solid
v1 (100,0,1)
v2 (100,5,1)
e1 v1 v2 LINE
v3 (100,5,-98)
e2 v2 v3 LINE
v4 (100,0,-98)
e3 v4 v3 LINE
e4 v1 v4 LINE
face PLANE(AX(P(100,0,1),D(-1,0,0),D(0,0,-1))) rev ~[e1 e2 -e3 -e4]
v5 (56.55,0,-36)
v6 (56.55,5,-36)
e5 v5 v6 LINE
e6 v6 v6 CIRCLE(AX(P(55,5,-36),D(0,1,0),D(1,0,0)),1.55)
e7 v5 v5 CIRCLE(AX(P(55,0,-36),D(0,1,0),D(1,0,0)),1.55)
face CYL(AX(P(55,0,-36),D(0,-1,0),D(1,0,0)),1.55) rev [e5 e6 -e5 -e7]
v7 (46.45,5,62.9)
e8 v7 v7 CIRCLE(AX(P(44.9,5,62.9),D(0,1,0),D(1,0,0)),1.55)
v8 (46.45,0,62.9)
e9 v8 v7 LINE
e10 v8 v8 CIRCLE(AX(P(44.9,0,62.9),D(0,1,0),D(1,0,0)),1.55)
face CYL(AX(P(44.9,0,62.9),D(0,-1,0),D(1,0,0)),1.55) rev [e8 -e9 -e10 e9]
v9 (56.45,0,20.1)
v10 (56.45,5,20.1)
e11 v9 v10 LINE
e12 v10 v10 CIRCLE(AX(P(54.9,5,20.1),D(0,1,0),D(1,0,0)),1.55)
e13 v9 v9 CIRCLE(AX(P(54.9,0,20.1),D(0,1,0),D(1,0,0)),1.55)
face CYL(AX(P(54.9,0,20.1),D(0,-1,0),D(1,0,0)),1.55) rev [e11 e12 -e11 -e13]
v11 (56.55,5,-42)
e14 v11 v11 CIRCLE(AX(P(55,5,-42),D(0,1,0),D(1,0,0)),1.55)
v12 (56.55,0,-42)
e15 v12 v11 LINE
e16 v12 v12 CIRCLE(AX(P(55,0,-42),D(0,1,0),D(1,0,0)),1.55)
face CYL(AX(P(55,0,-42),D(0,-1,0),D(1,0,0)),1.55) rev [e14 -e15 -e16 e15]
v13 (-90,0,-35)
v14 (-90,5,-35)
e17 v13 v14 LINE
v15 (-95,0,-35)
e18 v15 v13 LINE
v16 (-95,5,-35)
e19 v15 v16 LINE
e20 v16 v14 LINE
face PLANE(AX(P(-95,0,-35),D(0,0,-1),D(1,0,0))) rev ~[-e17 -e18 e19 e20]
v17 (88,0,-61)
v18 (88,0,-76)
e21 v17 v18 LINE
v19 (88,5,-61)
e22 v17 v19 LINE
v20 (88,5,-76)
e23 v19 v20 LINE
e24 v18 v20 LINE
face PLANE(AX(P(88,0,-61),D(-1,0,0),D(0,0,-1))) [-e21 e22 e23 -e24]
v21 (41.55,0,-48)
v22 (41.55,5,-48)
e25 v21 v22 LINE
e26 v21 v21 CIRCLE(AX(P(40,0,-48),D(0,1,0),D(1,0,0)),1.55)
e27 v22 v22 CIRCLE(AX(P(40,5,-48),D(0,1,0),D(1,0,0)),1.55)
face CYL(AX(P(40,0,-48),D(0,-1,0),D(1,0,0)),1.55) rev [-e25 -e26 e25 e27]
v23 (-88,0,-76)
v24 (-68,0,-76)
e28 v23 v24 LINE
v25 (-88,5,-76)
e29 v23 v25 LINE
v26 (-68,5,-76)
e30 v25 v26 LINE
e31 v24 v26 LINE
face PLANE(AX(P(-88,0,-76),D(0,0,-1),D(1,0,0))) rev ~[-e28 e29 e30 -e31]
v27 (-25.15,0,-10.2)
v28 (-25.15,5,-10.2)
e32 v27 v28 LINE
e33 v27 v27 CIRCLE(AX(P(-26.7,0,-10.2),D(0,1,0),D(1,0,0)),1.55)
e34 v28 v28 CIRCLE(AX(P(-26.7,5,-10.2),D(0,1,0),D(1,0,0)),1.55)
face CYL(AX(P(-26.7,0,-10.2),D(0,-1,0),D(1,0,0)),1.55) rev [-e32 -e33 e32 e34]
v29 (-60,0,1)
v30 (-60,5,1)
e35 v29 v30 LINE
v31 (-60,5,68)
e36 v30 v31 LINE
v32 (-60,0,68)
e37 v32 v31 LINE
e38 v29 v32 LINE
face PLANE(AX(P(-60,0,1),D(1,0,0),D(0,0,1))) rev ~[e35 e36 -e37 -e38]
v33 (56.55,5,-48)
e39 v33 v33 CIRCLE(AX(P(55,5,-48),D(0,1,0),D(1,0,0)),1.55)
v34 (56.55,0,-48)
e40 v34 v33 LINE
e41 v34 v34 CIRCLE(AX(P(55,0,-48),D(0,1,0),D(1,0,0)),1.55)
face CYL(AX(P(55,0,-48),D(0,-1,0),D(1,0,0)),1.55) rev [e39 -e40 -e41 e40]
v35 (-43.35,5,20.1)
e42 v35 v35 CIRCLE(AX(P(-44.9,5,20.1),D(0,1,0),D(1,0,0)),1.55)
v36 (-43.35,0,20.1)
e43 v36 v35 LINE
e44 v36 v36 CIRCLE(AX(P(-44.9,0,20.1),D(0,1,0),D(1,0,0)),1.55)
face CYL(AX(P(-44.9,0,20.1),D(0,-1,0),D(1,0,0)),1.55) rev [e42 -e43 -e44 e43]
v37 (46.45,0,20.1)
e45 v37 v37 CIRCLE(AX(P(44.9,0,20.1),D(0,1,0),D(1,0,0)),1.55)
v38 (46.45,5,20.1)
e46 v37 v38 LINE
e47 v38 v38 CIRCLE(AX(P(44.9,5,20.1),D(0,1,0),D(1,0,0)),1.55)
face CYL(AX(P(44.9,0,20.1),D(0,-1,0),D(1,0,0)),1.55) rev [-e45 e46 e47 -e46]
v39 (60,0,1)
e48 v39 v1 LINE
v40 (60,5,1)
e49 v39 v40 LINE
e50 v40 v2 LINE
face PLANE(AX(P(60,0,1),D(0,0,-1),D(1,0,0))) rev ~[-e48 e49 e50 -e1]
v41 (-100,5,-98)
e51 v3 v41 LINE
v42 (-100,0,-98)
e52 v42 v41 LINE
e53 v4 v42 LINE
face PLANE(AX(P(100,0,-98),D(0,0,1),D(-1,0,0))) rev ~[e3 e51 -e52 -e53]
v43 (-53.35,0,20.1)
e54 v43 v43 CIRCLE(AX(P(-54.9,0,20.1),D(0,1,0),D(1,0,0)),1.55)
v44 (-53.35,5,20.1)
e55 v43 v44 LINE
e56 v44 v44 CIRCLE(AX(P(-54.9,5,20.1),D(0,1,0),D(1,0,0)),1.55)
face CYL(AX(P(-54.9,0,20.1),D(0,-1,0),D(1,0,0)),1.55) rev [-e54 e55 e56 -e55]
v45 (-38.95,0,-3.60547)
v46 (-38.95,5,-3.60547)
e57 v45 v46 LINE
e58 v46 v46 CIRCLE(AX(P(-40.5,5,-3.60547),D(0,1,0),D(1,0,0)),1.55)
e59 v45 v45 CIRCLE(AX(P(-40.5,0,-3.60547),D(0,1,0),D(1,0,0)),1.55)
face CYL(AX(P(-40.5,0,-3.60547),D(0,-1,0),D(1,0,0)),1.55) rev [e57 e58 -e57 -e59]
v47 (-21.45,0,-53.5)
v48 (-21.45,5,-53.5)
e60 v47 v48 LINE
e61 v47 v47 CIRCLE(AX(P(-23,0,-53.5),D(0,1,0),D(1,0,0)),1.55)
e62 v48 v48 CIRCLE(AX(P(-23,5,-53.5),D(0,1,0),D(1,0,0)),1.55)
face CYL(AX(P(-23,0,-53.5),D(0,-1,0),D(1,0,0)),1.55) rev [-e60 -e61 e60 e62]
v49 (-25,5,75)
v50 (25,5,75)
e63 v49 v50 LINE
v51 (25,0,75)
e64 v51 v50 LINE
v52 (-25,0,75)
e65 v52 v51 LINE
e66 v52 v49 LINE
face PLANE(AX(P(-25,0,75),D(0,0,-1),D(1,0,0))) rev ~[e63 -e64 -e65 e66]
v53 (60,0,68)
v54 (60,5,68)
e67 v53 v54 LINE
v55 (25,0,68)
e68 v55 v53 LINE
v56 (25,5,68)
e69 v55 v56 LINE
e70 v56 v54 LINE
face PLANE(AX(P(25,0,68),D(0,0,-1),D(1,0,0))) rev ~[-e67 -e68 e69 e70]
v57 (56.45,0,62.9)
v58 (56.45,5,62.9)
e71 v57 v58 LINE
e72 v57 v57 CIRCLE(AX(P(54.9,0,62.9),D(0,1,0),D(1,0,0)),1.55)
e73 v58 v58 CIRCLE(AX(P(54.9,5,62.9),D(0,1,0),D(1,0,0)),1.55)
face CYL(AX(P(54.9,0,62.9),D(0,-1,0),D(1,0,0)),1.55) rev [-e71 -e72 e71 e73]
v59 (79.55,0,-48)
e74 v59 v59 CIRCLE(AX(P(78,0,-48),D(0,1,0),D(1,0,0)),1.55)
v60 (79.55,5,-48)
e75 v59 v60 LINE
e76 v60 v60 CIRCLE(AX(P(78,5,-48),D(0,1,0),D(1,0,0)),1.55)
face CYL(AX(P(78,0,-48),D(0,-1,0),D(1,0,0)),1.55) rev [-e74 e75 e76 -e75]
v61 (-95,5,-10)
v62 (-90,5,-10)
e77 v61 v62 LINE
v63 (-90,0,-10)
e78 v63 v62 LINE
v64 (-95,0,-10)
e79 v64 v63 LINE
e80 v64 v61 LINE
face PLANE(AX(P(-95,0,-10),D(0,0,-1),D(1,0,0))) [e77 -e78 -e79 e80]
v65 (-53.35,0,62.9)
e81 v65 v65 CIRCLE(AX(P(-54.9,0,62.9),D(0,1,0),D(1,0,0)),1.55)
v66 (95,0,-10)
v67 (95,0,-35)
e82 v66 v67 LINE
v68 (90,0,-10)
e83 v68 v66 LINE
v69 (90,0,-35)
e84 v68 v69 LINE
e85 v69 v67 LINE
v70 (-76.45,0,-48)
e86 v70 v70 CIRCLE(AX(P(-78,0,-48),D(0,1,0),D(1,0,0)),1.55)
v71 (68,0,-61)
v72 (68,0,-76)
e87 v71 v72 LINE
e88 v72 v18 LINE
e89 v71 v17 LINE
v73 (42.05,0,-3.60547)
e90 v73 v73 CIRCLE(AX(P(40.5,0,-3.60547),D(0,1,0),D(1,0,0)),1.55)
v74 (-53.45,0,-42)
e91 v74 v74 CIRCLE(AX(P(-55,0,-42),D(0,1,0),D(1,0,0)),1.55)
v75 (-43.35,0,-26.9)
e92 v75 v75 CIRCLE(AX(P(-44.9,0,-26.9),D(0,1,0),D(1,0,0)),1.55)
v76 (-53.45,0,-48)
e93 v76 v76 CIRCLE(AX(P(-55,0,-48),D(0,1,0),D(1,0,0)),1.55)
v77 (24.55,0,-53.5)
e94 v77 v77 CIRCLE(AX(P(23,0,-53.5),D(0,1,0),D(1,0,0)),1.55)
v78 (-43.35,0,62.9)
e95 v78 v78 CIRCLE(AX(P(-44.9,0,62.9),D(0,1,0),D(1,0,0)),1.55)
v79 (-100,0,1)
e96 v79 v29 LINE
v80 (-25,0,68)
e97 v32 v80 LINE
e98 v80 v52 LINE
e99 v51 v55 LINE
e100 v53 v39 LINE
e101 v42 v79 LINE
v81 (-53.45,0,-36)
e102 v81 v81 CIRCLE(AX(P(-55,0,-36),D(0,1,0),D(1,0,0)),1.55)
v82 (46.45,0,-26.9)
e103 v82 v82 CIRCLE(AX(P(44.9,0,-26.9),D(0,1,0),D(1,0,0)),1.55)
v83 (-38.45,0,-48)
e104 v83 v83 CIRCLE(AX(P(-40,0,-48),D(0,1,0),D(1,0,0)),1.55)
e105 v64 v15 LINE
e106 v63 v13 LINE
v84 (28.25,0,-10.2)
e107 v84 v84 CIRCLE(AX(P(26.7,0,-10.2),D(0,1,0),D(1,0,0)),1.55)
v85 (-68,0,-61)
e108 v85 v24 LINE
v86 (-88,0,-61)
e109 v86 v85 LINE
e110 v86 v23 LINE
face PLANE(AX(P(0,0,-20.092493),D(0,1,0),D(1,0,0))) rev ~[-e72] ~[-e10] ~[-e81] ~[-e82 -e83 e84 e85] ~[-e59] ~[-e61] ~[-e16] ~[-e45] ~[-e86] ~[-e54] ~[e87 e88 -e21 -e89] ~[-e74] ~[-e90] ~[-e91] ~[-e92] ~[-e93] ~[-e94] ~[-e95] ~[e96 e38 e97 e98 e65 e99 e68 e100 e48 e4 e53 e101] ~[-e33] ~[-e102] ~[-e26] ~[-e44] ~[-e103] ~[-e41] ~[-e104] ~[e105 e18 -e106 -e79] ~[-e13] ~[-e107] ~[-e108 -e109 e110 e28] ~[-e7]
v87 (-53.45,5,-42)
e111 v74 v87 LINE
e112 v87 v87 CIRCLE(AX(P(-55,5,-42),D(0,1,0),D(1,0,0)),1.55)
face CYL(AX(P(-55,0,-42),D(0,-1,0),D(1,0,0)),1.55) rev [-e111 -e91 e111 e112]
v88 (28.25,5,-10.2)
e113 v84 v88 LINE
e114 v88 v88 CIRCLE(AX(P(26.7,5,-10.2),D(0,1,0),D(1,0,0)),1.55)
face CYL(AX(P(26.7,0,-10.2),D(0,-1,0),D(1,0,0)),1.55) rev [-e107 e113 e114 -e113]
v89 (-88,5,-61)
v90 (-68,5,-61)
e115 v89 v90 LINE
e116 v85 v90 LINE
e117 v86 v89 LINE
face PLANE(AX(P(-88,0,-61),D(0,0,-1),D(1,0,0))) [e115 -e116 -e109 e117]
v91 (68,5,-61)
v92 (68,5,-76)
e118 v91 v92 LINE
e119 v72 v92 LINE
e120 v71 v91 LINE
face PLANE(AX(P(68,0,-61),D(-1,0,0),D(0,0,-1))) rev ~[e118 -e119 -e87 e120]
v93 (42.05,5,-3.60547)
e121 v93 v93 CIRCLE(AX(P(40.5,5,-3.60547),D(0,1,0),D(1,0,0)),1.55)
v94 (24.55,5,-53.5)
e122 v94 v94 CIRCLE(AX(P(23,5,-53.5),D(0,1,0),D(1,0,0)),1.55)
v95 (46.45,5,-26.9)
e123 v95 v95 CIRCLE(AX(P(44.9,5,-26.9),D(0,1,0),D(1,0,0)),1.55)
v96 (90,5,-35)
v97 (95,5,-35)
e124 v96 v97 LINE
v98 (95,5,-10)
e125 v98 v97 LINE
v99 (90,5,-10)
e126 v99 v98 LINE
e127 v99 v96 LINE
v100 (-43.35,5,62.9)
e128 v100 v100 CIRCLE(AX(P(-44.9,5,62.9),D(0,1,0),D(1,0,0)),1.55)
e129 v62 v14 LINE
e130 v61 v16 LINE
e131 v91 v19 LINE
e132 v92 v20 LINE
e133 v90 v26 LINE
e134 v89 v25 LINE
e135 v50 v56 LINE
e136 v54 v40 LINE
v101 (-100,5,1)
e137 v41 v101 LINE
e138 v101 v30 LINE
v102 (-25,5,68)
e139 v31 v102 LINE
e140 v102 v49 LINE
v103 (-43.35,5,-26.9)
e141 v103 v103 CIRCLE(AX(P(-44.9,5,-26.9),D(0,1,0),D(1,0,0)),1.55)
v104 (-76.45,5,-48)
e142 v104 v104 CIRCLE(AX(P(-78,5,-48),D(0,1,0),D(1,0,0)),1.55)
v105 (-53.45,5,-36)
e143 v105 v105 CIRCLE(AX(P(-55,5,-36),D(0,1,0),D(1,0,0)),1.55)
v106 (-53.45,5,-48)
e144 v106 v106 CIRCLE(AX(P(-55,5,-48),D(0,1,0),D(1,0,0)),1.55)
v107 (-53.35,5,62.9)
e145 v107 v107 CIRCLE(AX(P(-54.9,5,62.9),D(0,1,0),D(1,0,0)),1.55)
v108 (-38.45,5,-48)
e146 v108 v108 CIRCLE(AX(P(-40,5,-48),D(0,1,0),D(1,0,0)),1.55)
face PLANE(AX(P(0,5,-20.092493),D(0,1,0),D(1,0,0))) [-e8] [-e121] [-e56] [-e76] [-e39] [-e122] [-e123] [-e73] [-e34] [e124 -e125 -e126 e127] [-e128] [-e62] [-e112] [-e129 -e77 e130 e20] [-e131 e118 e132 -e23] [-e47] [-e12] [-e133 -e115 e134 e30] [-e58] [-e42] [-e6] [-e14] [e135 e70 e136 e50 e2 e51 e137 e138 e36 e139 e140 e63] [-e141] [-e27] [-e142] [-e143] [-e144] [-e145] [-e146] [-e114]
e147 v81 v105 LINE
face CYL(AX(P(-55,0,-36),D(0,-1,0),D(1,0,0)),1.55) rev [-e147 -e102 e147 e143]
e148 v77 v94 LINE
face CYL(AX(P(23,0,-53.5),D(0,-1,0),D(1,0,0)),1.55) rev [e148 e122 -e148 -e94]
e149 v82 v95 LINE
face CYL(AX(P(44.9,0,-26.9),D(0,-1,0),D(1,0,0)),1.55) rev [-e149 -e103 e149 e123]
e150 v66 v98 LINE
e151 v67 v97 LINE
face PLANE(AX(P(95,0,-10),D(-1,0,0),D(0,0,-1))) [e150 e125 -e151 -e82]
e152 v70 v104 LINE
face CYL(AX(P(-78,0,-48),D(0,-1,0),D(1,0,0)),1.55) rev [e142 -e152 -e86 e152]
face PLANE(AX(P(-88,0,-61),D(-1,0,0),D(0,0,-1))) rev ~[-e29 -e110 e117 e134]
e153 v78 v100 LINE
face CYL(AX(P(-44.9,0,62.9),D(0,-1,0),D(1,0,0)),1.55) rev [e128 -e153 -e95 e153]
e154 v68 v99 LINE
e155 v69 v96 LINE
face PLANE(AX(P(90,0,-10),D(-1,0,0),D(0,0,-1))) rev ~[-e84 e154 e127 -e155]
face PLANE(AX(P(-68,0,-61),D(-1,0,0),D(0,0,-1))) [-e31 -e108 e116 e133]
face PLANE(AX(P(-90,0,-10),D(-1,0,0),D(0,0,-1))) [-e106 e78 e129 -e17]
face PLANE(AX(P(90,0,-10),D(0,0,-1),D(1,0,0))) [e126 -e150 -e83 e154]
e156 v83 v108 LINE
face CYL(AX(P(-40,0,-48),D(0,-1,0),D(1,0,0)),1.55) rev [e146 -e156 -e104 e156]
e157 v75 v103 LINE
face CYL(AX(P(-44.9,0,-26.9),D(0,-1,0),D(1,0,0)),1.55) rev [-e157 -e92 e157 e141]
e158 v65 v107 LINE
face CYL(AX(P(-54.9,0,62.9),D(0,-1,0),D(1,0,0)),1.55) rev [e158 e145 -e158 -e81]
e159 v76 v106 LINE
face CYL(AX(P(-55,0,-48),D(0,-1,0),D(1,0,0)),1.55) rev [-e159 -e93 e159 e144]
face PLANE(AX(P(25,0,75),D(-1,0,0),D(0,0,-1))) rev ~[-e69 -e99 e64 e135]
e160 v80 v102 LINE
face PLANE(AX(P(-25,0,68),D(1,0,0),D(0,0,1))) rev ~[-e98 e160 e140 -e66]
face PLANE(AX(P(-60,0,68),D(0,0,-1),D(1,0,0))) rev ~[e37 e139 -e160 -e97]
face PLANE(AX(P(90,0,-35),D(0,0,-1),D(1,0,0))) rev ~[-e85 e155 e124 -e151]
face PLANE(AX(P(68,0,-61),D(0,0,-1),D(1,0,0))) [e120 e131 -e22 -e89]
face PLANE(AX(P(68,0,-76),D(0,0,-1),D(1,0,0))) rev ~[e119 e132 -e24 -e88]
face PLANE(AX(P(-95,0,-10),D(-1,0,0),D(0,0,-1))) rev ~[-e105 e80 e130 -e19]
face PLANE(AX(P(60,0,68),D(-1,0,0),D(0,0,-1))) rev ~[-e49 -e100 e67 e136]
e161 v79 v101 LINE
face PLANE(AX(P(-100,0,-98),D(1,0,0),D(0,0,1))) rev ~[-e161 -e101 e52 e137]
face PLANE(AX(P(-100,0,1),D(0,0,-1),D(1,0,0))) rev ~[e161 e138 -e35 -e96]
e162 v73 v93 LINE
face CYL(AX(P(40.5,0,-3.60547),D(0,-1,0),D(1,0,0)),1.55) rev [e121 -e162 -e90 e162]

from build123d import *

# Parameters (mm, degrees)
SKETCH1_R           = 1.55
SKETCH1_W           = 20
SKETCH1_H           = 15
SKETCH1_W_2         = 5
SKETCH1_H_2         = 25
BOSS_EXTRUDE2_DEPTH = 5


with BuildPart() as part:
    # Sketch1 → Boss-Extrude2 (new body)
    with BuildSketch(Plane(origin=(0, 0, 0), x_dir=(1, 0, 0), z_dir=(0, 1, 0))):
        Polygon((-25, -75), (25, -75), (25, -68), (60, -68), (60, -1), (100, -1), (100, 0), (100, 98), (-100, 98), (-100, 0), (-100, -1), (-60, -1), (-60, -68), (-25, -68), align=None)
        with Locations((-78, 48)):
            Circle(SKETCH1_R, mode=Mode.SUBTRACT)
        with Locations((78, 48)):
            Circle(SKETCH1_R, mode=Mode.SUBTRACT)
        with Locations((-40, 48)):
            Circle(SKETCH1_R, mode=Mode.SUBTRACT)
        with Locations((40, 48)):
            Circle(SKETCH1_R, mode=Mode.SUBTRACT)
        with Locations((-44.9, 26.9)):
            Circle(SKETCH1_R, mode=Mode.SUBTRACT)
        with Locations((44.9, 26.9)):
            Circle(SKETCH1_R, mode=Mode.SUBTRACT)
        with Locations((-44.9, -62.9)):
            Circle(SKETCH1_R, mode=Mode.SUBTRACT)
        with Locations((-44.9, -20.1)):
            Circle(SKETCH1_R, mode=Mode.SUBTRACT)
        with Locations((-54.9, -62.9)):
            Circle(SKETCH1_R, mode=Mode.SUBTRACT)
        with Locations((-54.9, -20.1)):
            Circle(SKETCH1_R, mode=Mode.SUBTRACT)
        with Locations((44.9, -62.9)):
            Circle(SKETCH1_R, mode=Mode.SUBTRACT)
        with Locations((54.9, -62.9)):
            Circle(SKETCH1_R, mode=Mode.SUBTRACT)
        with Locations((44.9, -20.1)):
            Circle(SKETCH1_R, mode=Mode.SUBTRACT)
        with Locations((54.9, -20.1)):
            Circle(SKETCH1_R, mode=Mode.SUBTRACT)
        with Locations((-55, 48)):
            Circle(SKETCH1_R, mode=Mode.SUBTRACT)
        with Locations((55, 48)):
            Circle(SKETCH1_R, mode=Mode.SUBTRACT)
        with Locations((-26.7, 10.2)):
            Circle(SKETCH1_R, mode=Mode.SUBTRACT)
        with Locations((26.7, 10.2)):
            Circle(SKETCH1_R, mode=Mode.SUBTRACT)
        with Locations((-40.5, 3.605469995)):
            Circle(SKETCH1_R, mode=Mode.SUBTRACT)
        with Locations((40.5, 3.605469995)):
            Circle(SKETCH1_R, mode=Mode.SUBTRACT)
        with Locations((-23, 53.5)):
            Circle(SKETCH1_R, mode=Mode.SUBTRACT)
        with Locations((23, 53.5)):
            Circle(SKETCH1_R, mode=Mode.SUBTRACT)
        with Locations((-55, 42)):
            Circle(SKETCH1_R, mode=Mode.SUBTRACT)
        with Locations((-55, 36)):
            Circle(SKETCH1_R, mode=Mode.SUBTRACT)
        with Locations((55, 36)):
            Circle(SKETCH1_R, mode=Mode.SUBTRACT)
        with Locations((55, 42)):
            Circle(SKETCH1_R, mode=Mode.SUBTRACT)
        with Locations((-78, 68.5)):
            Rectangle(SKETCH1_W, SKETCH1_H, mode=Mode.SUBTRACT)
        with Locations((78, 68.5)):
            Rectangle(SKETCH1_W, SKETCH1_H, mode=Mode.SUBTRACT)
        with Locations((-92.5, 22.5)):
            Rectangle(SKETCH1_W_2, SKETCH1_H_2, mode=Mode.SUBTRACT)
        with Locations((92.5, 22.5)):
            Rectangle(SKETCH1_W_2, SKETCH1_H_2, mode=Mode.SUBTRACT)
    extrude(amount=BOSS_EXTRUDE2_DEPTH)


solid = part.part
